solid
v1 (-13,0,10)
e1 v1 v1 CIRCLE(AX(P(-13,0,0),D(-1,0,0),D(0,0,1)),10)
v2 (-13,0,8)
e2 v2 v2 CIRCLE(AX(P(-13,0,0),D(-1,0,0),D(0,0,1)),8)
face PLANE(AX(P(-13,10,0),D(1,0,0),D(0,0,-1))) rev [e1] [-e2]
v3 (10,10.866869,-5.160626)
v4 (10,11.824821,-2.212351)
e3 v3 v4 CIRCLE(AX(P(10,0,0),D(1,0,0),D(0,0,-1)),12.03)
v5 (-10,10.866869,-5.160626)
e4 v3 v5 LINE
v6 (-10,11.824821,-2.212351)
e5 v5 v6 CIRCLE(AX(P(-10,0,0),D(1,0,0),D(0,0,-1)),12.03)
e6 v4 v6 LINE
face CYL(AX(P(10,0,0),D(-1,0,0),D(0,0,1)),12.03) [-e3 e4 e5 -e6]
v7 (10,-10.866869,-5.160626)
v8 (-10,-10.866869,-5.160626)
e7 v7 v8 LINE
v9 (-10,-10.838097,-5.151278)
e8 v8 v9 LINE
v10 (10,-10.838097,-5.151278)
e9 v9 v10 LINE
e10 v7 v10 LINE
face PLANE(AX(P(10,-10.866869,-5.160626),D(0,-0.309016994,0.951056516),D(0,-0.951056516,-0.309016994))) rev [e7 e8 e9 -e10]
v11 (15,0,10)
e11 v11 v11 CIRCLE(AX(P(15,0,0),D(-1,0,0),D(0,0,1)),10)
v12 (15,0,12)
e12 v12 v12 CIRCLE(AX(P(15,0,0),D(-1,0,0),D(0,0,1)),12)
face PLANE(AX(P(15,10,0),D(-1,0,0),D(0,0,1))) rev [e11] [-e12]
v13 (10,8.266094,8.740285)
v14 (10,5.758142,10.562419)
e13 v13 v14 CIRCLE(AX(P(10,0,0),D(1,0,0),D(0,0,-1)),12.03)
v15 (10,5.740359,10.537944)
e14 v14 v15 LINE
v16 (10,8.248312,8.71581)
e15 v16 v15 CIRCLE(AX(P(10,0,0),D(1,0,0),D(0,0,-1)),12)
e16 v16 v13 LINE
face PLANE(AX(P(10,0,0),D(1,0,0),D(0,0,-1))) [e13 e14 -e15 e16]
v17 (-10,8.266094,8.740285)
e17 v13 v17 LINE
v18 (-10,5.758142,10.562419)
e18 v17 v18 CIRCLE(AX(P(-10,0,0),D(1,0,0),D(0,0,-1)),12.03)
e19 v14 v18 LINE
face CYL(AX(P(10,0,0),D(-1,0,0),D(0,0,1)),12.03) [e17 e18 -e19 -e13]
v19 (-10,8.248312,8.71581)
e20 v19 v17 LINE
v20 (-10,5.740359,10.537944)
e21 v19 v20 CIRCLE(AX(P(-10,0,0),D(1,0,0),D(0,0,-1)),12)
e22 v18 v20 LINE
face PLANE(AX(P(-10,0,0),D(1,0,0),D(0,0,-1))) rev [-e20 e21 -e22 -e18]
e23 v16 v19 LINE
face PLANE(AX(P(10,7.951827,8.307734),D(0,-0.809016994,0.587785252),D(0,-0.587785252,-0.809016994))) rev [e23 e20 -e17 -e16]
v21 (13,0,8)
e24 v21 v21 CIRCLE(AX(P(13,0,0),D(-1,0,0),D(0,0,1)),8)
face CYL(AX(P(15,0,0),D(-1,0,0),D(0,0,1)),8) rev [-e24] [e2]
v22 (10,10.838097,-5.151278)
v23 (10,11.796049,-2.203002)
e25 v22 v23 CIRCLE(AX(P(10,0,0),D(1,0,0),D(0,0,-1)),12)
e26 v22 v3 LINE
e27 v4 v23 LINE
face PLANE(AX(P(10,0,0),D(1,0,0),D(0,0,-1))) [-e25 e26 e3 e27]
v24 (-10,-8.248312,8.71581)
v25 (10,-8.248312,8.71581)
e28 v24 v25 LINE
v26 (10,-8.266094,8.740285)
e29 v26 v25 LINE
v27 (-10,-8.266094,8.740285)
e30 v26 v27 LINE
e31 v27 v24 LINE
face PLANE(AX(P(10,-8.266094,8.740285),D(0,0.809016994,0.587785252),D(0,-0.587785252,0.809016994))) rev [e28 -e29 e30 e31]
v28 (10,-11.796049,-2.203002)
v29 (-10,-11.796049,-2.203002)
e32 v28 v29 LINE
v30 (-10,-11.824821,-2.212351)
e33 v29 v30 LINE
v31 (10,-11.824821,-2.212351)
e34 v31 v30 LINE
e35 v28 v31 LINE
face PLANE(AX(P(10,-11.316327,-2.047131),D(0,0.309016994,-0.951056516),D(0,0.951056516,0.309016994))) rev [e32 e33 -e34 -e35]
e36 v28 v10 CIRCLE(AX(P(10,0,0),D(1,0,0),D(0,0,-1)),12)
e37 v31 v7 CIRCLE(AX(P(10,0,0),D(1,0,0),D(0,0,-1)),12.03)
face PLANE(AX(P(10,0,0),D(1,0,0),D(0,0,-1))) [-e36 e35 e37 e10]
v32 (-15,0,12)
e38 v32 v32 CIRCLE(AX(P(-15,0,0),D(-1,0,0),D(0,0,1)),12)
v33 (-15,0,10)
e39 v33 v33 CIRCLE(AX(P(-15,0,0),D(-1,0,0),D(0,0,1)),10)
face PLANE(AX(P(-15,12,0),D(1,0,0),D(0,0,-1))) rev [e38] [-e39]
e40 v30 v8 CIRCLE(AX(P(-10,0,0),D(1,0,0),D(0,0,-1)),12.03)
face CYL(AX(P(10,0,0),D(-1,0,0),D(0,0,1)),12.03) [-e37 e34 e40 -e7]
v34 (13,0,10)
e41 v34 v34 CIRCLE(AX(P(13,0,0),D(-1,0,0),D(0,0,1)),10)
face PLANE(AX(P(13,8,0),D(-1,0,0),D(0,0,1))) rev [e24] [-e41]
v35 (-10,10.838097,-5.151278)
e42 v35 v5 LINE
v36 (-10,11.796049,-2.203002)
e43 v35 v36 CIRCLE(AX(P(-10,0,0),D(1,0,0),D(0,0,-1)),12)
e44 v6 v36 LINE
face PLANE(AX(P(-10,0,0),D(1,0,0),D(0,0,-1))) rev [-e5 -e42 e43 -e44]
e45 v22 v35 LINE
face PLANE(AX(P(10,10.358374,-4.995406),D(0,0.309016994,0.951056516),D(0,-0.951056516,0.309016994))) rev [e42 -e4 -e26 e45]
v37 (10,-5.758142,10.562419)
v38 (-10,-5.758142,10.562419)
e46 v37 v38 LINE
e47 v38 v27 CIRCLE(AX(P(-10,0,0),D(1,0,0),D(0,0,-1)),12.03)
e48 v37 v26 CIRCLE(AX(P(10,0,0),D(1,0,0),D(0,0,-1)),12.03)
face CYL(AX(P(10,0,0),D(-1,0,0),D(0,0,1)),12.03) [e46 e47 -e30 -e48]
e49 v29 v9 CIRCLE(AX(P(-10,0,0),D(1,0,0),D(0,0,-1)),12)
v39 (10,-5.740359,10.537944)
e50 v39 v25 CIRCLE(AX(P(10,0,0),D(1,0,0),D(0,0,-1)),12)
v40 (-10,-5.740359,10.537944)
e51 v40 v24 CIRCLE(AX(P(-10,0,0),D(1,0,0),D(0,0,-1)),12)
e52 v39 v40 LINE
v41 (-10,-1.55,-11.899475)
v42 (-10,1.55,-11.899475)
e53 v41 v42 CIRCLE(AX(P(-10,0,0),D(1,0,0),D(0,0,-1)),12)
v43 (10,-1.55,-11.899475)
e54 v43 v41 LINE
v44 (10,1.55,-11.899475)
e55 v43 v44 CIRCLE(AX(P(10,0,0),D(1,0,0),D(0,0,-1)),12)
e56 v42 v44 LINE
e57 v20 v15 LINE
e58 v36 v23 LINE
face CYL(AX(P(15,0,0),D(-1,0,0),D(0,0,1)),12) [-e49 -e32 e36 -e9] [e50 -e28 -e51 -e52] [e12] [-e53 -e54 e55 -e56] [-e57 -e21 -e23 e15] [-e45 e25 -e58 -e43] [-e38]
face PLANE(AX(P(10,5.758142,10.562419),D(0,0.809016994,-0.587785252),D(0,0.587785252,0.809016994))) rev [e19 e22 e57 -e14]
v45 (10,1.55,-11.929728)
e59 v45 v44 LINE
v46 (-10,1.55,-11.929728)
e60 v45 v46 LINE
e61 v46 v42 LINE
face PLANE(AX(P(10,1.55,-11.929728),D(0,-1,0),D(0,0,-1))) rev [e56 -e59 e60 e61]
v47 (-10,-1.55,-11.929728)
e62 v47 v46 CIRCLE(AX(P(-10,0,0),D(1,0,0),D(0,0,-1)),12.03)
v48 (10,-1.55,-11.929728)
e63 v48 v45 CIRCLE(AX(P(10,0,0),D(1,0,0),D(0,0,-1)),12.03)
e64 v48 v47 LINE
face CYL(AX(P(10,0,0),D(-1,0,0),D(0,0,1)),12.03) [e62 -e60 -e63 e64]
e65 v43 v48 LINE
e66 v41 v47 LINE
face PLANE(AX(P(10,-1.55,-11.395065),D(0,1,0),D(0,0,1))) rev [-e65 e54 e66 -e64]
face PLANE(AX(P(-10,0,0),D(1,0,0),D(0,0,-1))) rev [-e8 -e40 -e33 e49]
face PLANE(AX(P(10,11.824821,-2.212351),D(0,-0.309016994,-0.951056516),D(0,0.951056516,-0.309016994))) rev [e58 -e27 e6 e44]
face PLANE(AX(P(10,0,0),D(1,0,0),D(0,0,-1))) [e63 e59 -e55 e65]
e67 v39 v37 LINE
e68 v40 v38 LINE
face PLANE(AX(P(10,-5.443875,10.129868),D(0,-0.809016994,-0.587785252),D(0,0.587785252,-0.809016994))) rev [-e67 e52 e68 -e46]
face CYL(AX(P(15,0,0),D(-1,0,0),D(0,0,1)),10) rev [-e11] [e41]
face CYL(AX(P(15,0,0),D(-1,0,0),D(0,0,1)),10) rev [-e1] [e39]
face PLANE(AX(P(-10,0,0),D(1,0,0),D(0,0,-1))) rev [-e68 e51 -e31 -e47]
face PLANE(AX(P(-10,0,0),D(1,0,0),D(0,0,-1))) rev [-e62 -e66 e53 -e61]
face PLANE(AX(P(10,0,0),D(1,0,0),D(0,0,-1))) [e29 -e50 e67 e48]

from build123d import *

# Parameters (mm, degrees)
BOSS_EXTRUDE1_DEPTH      = 10
BOSS_EXTRUDE1_DEPTH_BACK = 10
SKETCH2_R                = 8.5


with BuildPart() as part:
    # Sketch1 → Revolve1 (revolve)
    with BuildSketch(Plane.XY, mode=Mode.PRIVATE) as revolve1_sk:
        Polygon((-15, 10), (-13, 10), (-13, 8), (13, 8), (13, 10), (15, 10), (15, 12), (-15, 12), align=None)
    revolve(revolve1_sk.sketch.rotate(Axis((15, 0, 0), (-1, 0, 0)), 270), axis=Axis((15, 0, 0), (-1, 0, 0)))

    # Sketch2 → Boss-Extrude1 (add, two sides: drawn at the far end of the back side and taken through both)
    with BuildSketch(Plane(origin=(0, 0, 0), x_dir=(0, 0, -1), z_dir=(1, 0, 0)).offset(-BOSS_EXTRUDE1_DEPTH_BACK)):
        with BuildLine():
            Line((-10.129868152, -5.443874651), (-10.562419487, -5.758141591))
            ThreePointArc((-10.562419487, -5.758141591), (-9.732474442, -7.071056585), (-8.740285205, -8.266094273))
            Line((-8.740285205, -8.266094273), (-8.30773387, -7.951827333))
            ThreePointArc((-8.30773387, -7.951827333), (-3.553695435, -10.937149937), (2.047131051, -11.316326898))
            Line((2.047131051, -11.316326898), (2.212350959, -11.824821489))
            ThreePointArc((2.212350959, -11.824821489), (3.717474442, -11.441209891), (5.160626159, -10.866868806))
            Line((5.160626159, -10.866868806), (4.995406251, -10.358374215))
            ThreePointArc((4.995406251, -10.358374215), (9.303695435, -6.759530401), (11.395064721, -1.55))
            Line((11.395064721, -1.55), (11.929727574, -1.55))
            ThreePointArc((11.929727574, -1.55), (12.03, 0), (11.929727574, 1.55))
            Line((11.929727574, 1.55), (11.395064721, 1.55))
            ThreePointArc((11.395064721, 1.55), (9.303695435, 6.759530401), (4.995406251, 10.358374215))
            Line((4.995406251, 10.358374215), (5.160626159, 10.866868806))
            ThreePointArc((5.160626159, 10.866868806), (3.717474442, 11.441209891), (2.212350959, 11.824821489))
            Line((2.212350959, 11.824821489), (2.047131051, 11.316326898))
            ThreePointArc((2.047131051, 11.316326898), (-3.553695435, 10.937149937), (-8.30773387, 7.951827333))
            Line((-8.30773387, 7.951827333), (-8.740285205, 8.266094273))
            ThreePointArc((-8.740285205, 8.266094273), (-9.732474442, 7.071056585), (-10.562419487, 5.758141591))
            Line((-10.562419487, 5.758141591), (-10.129868152, 5.443874651))
            ThreePointArc((-10.129868152, 5.443874651), (-11.5, 0), (-10.129868152, -5.443874651))
        make_face()
        Circle(SKETCH2_R, mode=Mode.SUBTRACT)
    extrude(amount=BOSS_EXTRUDE1_DEPTH + BOSS_EXTRUDE1_DEPTH_BACK)


solid = part.part
